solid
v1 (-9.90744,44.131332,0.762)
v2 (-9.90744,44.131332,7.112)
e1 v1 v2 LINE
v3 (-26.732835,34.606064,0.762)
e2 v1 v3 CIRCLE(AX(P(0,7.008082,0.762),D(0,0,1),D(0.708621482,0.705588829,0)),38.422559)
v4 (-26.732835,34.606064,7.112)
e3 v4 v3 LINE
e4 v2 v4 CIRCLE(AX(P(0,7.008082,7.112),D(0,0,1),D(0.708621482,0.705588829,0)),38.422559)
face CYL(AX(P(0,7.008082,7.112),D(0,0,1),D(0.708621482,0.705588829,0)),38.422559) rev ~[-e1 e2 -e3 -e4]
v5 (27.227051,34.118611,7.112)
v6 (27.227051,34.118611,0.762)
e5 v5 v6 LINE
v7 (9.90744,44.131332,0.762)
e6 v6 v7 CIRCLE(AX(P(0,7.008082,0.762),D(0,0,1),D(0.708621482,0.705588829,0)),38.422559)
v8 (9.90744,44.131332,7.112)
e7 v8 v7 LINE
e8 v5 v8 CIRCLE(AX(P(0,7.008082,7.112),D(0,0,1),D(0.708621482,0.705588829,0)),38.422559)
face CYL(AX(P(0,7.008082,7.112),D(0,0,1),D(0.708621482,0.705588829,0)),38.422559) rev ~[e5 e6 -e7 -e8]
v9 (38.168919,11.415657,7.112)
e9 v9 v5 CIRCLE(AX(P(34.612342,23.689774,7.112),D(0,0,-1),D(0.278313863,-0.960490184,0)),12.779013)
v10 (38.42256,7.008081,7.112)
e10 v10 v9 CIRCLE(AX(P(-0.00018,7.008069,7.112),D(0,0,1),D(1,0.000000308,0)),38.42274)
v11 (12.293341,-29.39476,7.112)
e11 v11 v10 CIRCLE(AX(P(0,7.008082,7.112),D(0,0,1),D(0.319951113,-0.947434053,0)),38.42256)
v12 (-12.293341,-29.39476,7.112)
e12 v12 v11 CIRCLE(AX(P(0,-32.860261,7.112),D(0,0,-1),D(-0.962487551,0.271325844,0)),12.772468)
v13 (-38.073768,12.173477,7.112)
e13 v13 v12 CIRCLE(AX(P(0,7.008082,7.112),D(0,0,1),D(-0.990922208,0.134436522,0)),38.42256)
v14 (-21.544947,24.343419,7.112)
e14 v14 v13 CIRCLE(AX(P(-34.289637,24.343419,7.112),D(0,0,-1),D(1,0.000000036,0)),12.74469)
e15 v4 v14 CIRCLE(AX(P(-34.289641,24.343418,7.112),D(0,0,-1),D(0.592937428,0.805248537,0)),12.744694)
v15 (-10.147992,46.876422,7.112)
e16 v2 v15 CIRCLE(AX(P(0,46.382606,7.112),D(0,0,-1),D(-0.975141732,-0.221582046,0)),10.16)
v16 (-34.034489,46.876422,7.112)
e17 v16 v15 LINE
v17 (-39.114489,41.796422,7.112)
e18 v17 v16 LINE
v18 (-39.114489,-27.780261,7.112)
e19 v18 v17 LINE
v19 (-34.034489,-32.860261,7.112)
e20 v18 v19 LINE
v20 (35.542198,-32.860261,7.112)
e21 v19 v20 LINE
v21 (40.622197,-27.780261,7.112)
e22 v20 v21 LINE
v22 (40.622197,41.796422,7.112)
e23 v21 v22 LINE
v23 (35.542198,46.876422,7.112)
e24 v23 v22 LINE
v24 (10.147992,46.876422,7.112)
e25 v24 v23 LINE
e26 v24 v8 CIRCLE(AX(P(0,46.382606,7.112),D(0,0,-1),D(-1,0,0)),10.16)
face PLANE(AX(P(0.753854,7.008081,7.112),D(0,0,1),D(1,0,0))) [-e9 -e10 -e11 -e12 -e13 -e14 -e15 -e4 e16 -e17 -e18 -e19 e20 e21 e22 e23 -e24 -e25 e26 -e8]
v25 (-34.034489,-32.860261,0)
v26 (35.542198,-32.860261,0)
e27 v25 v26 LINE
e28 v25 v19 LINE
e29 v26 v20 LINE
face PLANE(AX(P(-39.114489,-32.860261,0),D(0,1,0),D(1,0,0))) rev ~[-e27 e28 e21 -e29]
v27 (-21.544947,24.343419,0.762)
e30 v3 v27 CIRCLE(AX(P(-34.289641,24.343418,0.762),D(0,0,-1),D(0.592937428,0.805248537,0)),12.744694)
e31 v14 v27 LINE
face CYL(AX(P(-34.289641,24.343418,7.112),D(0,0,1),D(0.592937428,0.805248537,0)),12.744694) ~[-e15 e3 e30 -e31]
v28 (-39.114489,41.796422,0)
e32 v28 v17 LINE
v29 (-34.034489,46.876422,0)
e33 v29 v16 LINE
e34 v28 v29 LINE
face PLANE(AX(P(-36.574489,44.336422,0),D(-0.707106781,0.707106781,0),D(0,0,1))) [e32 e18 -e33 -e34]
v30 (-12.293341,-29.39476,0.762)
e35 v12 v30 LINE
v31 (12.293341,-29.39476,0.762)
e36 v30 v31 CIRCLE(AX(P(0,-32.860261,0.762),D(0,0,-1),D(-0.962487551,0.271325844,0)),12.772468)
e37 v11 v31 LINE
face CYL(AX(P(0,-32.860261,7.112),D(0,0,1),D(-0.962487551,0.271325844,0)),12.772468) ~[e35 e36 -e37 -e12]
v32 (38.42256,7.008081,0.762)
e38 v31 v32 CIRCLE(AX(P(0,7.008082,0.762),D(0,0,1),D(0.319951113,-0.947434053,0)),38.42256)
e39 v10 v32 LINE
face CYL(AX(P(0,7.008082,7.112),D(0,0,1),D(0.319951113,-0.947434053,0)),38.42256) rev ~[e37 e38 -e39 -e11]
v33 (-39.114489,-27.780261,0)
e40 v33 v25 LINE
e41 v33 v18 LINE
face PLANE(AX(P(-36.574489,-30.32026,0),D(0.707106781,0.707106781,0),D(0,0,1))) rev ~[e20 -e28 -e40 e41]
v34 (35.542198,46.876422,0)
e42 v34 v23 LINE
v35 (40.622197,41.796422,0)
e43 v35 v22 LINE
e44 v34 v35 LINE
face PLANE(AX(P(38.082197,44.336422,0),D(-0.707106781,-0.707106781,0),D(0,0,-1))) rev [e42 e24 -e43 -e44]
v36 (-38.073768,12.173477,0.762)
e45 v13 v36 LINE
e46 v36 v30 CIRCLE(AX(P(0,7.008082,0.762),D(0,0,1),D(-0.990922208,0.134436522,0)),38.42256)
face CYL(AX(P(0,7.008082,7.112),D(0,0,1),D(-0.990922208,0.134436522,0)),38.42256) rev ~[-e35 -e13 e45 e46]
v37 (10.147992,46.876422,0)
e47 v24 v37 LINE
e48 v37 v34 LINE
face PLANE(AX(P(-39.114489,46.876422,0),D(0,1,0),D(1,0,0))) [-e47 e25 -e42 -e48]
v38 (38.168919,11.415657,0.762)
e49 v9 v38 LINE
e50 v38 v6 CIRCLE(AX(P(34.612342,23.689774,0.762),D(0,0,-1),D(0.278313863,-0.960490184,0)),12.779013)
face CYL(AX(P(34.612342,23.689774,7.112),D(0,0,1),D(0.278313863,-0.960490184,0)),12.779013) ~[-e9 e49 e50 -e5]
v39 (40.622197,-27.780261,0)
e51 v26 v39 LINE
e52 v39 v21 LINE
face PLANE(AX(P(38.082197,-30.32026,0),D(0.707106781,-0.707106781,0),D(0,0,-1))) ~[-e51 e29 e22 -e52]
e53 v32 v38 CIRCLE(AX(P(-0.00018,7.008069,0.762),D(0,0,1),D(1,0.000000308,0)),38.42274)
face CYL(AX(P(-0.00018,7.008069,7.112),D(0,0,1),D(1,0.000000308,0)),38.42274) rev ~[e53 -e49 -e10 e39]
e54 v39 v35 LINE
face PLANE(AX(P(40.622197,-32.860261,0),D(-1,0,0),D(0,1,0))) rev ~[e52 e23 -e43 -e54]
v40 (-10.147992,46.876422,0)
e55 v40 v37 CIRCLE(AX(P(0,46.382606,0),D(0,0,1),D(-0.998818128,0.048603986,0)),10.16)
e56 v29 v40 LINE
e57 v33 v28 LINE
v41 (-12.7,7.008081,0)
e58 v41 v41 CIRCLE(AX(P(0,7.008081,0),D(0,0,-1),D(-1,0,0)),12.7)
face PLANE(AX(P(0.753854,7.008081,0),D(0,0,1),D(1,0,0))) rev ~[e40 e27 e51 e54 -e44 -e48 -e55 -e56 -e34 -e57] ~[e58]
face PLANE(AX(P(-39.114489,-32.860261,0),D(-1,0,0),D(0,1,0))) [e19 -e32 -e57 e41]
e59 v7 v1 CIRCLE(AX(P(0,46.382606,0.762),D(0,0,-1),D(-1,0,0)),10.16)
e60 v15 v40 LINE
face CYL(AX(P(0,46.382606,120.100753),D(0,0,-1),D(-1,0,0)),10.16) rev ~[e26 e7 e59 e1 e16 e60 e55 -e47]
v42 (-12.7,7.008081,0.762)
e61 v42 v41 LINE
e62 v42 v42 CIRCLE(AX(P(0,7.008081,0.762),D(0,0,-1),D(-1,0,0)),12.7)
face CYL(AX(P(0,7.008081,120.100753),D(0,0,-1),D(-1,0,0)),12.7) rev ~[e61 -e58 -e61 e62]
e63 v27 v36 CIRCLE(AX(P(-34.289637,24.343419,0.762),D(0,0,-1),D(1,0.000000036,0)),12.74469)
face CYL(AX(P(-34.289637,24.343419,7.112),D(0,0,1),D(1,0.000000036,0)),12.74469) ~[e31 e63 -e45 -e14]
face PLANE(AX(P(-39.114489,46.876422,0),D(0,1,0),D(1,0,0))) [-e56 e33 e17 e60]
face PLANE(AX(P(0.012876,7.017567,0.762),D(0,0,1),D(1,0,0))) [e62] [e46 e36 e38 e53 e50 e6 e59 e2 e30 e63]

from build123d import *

# Parameters (mm, degrees)
F0_W     = 79.736687
F0_H     = 79.736683
F1_DEPTH = 7.112
F3_DEPTH = 6.35
F4_SIZE  = 5.08
F6_D     = 25.4
F8_D     = 20.32
F5_R     = 12.951628
F9_DEPTH = 4.572


with BuildPart() as f1:
    # F0 (on Top) → F1 (new body)
    with BuildSketch(Plane.XY):
        with Locations((0.753854, 7.008081)):
            Rectangle(F0_W, F0_H)
    extrude(amount=F1_DEPTH)

    # F2 (on face) → F3 (cut)
    with BuildSketch(Plane.XY.offset(7.112)):
        with BuildLine():
            ThreePointArc((12.293341, -29.39476), (31.214057, -15.396734), (38.42256, 7.008081))
            ThreePointArc((38.42256, 7.008081), (38.359097, 9.215515), (38.168919, 11.415657))
            ThreePointArc((38.168919, 11.415657), (23.100575, 18.141586), (27.227051, 34.118611))
            ThreePointArc((27.227051, 34.118611), (0.347081, 45.429074), (-26.732835, 34.606064))
            ThreePointArc((-26.732835, 34.606064), (-22.915627, 30.093116), (-21.544947, 24.343419))
            ThreePointArc((-21.544947, 24.343419), (-26.733198, 14.080507), (-38.073768, 12.173477))
            ThreePointArc((-38.073768, 12.173477), (-32.65258, -13.242897), (-12.293341, -29.39476))
            ThreePointArc((-12.293341, -29.39476), (0, -20.087793), (12.293341, -29.39476))
        make_face()
    extrude(amount=-F3_DEPTH, mode=Mode.SUBTRACT)

    # F4
    f4_edges = [f1.edges().sort_by_distance(p)[0] for p in [
        (40.622197, 46.876423, 3.556),
        (-39.11449, 46.876423, 3.556),
        (40.622197, -32.86026, 3.556),
        (-39.11449, -32.86026, 3.556),
    ]]
    chamfer(f4_edges, length=F4_SIZE)

    # F6 (through all)
    with Locations(Plane.XY.offset(7.112)):
        with Locations((0, 7.008081)):
            Hole(F6_D / 2)

    # F8 (through all)
    with Locations(Plane.XY.offset(7.112)):
        with Locations((0, 46.382606)):
            Hole(F8_D / 2)

    # F5 (on face) + F0 (on Top) → F9 (cut)
    with BuildSketch(Plane.XY.offset(7.112)):
        with BuildLine():
            ThreePointArc((-12.293341, -29.39476), (0, -20.087793), (12.293341, -29.39476))
            ThreePointArc((12.293341, -29.39476), (31.214057, -15.396734), (38.42256, 7.008081))
            ThreePointArc((38.42256, 7.008081), (38.359097, 9.215515), (38.168919, 11.415657))
            ThreePointArc((38.168919, 11.415657), (23.100575, 18.141586), (27.227051, 34.118611))
            ThreePointArc((27.227051, 34.118611), (0.347081, 45.429074), (-26.732835, 34.606064))
            ThreePointArc((-26.732835, 34.606064), (-22.915627, 30.093116), (-21.544947, 24.343419))
            ThreePointArc((-21.544947, 24.343419), (-26.733198, 14.080507), (-38.073768, 12.173477))
            ThreePointArc((-38.073768, 12.173477), (-32.65258, -13.242897), (-12.293341, -29.39476))
        make_face()
        with Locations((0, 7.62)):
            Circle(F5_R, mode=Mode.SUBTRACT)
    with BuildSketch(Plane.XY):
        with Locations((0.753854, 7.008081)):
            Rectangle(F0_W, F0_H)
    extrude(amount=-F9_DEPTH, mode=Mode.SUBTRACT)


solid = f1.part
